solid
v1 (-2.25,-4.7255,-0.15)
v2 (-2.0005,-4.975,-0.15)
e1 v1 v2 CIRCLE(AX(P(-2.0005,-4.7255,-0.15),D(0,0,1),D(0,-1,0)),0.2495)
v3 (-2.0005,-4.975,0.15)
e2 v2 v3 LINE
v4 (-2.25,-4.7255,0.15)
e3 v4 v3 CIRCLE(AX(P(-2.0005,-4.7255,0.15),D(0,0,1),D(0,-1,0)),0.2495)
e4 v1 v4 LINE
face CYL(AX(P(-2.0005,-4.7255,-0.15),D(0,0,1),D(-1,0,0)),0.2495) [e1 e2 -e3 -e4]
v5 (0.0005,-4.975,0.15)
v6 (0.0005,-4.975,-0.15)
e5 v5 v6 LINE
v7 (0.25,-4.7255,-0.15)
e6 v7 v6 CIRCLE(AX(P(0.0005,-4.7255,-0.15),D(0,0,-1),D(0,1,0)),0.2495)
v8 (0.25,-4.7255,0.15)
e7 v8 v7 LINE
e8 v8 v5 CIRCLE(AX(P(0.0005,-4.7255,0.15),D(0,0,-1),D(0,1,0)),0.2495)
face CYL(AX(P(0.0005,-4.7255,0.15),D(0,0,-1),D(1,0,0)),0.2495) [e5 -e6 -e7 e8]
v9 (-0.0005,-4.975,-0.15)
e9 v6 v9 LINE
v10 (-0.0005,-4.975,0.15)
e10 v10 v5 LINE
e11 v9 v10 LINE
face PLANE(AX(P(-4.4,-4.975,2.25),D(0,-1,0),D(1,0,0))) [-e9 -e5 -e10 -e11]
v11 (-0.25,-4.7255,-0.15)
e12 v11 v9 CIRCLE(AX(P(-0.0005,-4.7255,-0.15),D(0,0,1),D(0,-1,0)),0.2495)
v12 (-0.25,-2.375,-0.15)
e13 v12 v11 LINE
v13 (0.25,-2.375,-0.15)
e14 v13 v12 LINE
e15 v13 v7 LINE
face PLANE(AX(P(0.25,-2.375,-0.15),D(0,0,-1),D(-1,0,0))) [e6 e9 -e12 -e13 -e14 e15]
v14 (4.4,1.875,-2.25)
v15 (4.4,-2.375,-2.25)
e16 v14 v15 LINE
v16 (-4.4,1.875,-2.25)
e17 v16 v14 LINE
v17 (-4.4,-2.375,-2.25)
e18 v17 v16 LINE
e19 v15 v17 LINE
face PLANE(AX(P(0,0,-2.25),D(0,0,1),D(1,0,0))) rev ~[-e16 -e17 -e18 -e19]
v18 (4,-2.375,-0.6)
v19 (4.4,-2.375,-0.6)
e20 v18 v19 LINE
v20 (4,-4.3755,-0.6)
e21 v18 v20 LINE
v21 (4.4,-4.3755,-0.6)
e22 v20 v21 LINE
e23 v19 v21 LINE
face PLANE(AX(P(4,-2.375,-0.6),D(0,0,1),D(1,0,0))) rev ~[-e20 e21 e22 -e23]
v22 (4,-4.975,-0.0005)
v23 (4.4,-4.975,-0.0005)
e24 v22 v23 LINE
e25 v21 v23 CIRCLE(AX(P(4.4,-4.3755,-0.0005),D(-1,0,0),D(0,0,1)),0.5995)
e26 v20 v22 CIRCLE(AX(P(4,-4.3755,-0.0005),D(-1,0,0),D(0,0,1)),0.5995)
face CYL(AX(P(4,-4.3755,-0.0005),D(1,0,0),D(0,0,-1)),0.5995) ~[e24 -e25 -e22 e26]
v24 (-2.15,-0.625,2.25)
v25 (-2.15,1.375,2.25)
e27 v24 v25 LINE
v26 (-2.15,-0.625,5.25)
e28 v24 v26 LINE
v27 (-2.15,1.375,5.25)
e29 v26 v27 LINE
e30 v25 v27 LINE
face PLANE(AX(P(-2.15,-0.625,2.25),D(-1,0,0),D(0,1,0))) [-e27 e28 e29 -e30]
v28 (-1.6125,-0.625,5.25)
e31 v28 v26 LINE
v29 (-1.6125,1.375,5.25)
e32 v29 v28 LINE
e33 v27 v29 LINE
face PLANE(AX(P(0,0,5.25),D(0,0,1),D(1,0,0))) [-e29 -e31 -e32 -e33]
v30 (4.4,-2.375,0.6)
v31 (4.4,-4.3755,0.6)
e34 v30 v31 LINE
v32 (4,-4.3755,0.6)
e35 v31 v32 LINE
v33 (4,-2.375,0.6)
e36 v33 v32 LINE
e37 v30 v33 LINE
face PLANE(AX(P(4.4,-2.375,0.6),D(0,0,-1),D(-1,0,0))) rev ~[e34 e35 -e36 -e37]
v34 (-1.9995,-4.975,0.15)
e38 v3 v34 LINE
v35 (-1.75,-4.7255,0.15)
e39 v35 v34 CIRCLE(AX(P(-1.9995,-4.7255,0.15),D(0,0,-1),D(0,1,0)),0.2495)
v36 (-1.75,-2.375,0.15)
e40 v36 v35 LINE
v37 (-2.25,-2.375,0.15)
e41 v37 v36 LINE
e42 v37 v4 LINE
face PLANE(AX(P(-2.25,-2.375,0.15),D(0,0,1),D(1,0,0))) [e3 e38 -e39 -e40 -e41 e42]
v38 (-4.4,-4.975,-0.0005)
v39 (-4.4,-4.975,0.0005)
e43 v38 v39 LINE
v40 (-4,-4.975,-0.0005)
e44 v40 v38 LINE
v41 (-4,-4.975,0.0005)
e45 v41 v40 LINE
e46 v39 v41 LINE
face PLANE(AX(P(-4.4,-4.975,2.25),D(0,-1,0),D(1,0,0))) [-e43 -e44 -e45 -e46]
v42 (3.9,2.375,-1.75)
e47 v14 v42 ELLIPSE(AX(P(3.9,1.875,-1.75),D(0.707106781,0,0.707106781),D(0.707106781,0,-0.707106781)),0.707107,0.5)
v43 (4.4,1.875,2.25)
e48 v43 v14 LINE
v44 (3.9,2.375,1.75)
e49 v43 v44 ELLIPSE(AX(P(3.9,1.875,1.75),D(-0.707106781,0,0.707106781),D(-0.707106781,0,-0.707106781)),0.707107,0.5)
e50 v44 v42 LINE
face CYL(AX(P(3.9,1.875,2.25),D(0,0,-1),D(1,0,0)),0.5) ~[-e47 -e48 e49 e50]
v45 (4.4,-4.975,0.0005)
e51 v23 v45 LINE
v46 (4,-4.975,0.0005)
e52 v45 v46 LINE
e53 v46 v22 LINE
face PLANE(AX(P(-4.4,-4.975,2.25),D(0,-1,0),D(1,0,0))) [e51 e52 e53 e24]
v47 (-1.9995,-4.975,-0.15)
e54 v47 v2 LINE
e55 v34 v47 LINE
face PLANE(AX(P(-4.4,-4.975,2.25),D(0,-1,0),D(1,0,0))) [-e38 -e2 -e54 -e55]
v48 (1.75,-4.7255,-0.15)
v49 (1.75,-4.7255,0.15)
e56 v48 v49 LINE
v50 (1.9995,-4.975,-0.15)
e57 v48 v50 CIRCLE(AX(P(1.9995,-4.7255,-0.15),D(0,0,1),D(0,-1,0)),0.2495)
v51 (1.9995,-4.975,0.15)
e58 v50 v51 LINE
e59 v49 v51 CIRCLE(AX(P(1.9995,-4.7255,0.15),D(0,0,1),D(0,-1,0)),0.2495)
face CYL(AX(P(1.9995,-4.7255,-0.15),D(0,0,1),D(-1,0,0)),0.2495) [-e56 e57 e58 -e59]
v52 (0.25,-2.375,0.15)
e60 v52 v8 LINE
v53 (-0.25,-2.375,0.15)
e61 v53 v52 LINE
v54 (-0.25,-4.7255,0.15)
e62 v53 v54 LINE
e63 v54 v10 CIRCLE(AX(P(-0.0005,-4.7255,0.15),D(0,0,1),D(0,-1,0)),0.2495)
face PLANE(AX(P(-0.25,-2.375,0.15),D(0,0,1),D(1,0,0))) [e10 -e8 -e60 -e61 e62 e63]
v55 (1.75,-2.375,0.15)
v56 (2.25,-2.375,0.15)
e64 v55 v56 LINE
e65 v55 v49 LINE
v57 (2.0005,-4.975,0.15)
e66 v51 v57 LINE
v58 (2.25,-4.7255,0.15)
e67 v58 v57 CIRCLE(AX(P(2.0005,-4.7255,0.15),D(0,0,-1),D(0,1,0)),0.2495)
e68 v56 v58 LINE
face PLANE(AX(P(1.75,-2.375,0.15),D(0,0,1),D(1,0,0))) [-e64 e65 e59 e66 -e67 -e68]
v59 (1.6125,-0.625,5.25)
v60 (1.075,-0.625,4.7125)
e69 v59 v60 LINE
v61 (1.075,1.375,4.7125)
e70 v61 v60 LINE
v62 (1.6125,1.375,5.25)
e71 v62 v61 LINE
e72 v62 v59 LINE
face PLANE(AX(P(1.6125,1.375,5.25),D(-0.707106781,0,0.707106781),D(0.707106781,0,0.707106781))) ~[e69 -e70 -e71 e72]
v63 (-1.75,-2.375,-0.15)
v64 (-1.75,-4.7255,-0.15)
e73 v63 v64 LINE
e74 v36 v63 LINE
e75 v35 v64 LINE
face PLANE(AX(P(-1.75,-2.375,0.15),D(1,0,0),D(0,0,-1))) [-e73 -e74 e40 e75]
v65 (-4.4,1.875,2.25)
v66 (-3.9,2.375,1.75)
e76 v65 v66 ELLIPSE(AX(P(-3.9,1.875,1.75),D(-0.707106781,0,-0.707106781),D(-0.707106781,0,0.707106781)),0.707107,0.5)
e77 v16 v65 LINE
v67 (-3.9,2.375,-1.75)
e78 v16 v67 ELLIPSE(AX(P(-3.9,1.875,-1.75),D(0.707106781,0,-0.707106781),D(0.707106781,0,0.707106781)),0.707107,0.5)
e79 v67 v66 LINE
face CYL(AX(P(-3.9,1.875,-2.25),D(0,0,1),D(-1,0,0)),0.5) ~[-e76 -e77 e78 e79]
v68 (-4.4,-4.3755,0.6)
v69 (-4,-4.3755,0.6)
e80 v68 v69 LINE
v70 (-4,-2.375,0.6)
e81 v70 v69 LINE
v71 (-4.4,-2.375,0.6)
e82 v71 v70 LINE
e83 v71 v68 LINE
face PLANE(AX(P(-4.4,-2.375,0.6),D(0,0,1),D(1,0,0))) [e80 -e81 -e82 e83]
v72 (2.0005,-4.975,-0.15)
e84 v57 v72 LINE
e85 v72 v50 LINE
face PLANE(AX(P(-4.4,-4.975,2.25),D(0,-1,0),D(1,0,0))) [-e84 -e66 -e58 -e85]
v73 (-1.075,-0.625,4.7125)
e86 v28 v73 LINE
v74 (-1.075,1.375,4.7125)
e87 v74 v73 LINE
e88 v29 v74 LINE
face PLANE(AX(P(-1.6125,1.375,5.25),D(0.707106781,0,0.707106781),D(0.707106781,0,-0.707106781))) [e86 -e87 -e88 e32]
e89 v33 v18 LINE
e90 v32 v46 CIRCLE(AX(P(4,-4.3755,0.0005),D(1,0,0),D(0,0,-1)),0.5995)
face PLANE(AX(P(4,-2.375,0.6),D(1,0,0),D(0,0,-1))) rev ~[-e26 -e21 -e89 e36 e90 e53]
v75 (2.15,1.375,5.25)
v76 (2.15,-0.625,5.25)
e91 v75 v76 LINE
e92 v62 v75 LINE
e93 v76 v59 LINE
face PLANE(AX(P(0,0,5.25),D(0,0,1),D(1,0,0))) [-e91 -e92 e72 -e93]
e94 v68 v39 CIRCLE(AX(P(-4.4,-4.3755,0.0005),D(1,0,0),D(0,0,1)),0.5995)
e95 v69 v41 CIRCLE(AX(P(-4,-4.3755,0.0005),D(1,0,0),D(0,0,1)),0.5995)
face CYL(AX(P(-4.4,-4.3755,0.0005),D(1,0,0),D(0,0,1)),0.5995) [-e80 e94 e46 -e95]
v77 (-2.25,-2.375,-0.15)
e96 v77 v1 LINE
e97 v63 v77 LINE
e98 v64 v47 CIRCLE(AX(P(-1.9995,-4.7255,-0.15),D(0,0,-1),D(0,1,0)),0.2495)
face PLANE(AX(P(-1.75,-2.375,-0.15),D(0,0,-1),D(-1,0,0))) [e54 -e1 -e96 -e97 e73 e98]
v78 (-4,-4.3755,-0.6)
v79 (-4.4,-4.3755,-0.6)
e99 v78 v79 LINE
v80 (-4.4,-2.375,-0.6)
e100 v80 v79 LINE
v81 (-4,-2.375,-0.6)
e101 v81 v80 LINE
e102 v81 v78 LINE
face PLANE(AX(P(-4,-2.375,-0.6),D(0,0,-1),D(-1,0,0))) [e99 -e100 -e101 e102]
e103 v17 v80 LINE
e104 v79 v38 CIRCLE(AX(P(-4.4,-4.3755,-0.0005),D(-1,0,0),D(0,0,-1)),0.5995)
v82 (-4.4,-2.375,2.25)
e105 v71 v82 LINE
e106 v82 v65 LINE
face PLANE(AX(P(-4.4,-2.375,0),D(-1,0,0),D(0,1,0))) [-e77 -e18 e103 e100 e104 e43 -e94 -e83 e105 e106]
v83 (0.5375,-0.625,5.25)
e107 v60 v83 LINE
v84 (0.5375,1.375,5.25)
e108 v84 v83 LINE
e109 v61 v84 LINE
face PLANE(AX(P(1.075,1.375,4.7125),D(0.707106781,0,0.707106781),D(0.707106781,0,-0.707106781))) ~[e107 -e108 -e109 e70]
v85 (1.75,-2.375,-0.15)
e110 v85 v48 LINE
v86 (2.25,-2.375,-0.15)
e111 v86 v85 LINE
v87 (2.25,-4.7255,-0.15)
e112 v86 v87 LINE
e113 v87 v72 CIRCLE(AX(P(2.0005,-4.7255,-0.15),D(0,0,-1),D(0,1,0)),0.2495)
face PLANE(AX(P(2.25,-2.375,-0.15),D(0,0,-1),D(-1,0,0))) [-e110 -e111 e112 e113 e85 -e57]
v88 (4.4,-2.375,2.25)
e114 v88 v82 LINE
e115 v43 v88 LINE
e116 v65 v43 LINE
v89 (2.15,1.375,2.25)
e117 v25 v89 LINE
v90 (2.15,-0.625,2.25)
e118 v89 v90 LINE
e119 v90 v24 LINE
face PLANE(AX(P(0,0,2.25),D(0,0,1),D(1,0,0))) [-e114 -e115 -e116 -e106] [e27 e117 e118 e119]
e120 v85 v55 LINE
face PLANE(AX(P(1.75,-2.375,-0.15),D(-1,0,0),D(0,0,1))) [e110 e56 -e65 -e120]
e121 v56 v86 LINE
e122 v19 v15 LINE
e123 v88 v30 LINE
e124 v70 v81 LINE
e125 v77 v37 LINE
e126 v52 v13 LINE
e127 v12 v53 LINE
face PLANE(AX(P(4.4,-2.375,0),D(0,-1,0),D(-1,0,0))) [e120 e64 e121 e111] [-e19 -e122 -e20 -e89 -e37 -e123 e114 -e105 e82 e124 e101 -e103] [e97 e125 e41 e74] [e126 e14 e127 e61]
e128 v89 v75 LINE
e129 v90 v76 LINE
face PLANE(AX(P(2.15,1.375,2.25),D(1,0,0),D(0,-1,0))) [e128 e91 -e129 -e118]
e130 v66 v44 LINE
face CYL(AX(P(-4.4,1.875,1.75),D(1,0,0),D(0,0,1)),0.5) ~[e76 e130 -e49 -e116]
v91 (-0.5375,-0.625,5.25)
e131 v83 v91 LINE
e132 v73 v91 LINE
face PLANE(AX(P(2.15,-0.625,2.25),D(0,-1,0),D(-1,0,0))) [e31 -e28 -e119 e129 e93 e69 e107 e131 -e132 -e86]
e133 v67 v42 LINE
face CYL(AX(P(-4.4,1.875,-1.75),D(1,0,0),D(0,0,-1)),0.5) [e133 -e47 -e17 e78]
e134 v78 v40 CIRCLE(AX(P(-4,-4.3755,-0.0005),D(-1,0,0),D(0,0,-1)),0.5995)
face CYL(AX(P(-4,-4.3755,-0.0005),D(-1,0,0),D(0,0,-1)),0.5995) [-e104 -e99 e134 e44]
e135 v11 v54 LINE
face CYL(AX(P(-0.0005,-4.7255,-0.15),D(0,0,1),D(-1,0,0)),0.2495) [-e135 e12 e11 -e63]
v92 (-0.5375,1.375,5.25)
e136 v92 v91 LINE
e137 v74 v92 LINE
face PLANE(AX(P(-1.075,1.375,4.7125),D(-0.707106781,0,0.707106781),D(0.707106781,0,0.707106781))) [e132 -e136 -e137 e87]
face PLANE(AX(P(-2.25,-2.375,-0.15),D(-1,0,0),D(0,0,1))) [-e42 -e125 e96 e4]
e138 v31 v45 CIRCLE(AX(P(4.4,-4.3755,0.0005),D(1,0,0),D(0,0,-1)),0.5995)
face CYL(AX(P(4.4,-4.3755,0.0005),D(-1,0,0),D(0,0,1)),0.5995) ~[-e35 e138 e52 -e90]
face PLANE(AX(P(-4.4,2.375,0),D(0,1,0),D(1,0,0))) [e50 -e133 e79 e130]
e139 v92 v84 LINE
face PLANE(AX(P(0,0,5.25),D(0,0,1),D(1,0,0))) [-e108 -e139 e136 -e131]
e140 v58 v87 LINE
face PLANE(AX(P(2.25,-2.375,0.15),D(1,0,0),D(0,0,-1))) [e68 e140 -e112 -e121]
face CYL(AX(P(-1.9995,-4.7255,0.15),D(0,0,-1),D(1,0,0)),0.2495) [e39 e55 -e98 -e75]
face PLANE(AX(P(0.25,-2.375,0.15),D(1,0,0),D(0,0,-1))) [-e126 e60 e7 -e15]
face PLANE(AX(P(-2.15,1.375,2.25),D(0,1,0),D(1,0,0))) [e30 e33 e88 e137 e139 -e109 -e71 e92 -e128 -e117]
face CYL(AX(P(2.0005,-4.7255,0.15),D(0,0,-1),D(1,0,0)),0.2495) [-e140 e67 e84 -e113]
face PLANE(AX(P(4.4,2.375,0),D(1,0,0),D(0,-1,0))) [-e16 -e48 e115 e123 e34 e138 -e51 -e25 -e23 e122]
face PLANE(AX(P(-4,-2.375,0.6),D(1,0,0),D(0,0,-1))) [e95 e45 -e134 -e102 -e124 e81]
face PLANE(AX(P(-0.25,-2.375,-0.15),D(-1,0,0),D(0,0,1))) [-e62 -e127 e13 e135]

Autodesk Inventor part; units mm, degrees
ref_plane "YZ Plane" through (0, 0, 0) normal (1, 0, 0) x (0, 1, 0)
ref_plane "XY Plane" through (0, 0, 0) normal (0, 0, 1) x (1, 0, 0)
sketch "Sketch1" plane through (0, 0, 0) normal (0, 0, 1) x (1, 0, 0)
  line L0 (-4.4, 2.375) -> (4.4, 2.375)
  line L1 (4.4, 2.375) -> (4.4, -2.375)
  line L2 (4.4, -2.375) -> (-4.4, -2.375)
  line L3 (-4.4, -2.375) -> (-4.4, 2.375)
  line L4 (-6.16, 0) -> (6.16, 0) construction
  line L5 (0, -3.325) -> (0, 3.325) construction
  point P0 (0, 0)
  dimension "d0" = 8.8
  dimension "d1" = 4.75
extrude "Extrusion1" add sketch "Sketch1" along normal mid plane 4.5
sketch "Sketch2" plane through (0, 0, 2.25) normal (0, 0, 1) x (1, 0, 0)
  line L0 (-2.15, 1.375) -> (2.15, 1.375)
  line L1 (2.15, 1.375) -> (2.15, -0.625)
  line L2 (2.15, -0.625) -> (-2.15, -0.625)
  line L3 (-2.15, -0.625) -> (-2.15, 1.375)
  line L4 (0, -3.325) -> (0, 3.325) construction
  line L5 (-6.16, 0) -> (6.16, 0) construction
  line L6 (4.4, 2.375) -> (-4.4, 2.375) projected
  point P0 (0, 0)
  dimension "d4" = 4.3
  dimension "d5" = 2
  dimension "d30" = 1
extrude "Extrusion2" add sketch "Sketch2" along normal blind 3
ref_plane "Work Plane1" through (0, -0.625, 2.25) normal (1, 0, 0) x (0, 0, -1)
split_face "Split1"
sketch "Sketch6" plane through (-2.15, 1.375, 2.25) normal (0, 1, 0) x (1, 0, 0)
  line L0 (2.15, -3) -> (0, -3) projected
  line L1 (0.5375, -3) -> (1.075, -2.4625)
  line L2 (1.075, -2.4625) -> (1.6125, -3)
  line L3 (0, -3) -> (2.15, -3) projected
  point P0 (2.15, 2.25)
  point P1 (1.075, -3)
  point P2 (1.075, -3)
  dimension "d24" = 2.15
  dimension "d25" = 0.5375
  dimension "d26" = 45
extrude "Extrusion4" cut sketch "Sketch6" against normal up to surface (2 mm away)
mirror "Mirror1" about plane through (0, -0.625, 2.25) normal (1, 0, 0) of "Extrusion4"
sketch "Sketch3" plane through (-4.4, -2.375, 2.25) normal (0, -1, 0) x (1, 0, 0)
  line L0 (0, -4.5) -> (0, 0) construction
  line L1 (0, -1.65) -> (0.4, -1.65)
  line L2 (0.4, -1.65) -> (0.4, -2.85)
  line L3 (0.4, -2.85) -> (0, -2.85)
  line L4 (0, -2.85) -> (0, -1.65)
  line L5 (8.8, -4.5) -> (8.8, 0) construction
  line L6 (8.8, -1.65) -> (8.4, -1.65)
  line L7 (8.4, -1.65) -> (8.4, -2.85)
  line L8 (8.4, -2.85) -> (8.8, -2.85)
  line L9 (8.8, -2.85) -> (8.8, -1.65)
  line L10 (4.15, -2.1) -> (4.65, -2.1)
  line L11 (4.65, -2.1) -> (4.65, -2.4)
  line L12 (4.65, -2.4) -> (4.15, -2.4)
  line L13 (4.15, -2.4) -> (4.15, -2.1)
  line L14 (2.15, -2.1) -> (2.65, -2.1)
  line L15 (2.65, -2.1) -> (2.65, -2.4)
  line L16 (2.65, -2.4) -> (2.15, -2.4)
  line L17 (2.15, -2.4) -> (2.15, -2.1)
  line L18 (6.15, -2.1) -> (6.65, -2.1)
  line L19 (6.65, -2.1) -> (6.65, -2.4)
  line L20 (6.65, -2.4) -> (6.15, -2.4)
  line L21 (6.15, -2.4) -> (6.15, -2.1)
  line L22 (-1.76, -2.25) -> (10.56, -2.25) construction
  line L23 (4.4, -6) -> (4.4, 4.5) construction
  point P0 (4.4, -2.25)
  dimension "d8" = 0.4
  dimension "d9" = 1.2
  dimension "d10" = 0.4
  dimension "d11" = 0.5
  dimension "d12" = 0.3
  dimension "d13" = 0.5
  dimension "d14" = 0.3
  dimension "d15" = 0.5
  dimension "d16" = 0.3
  dimension "d17" = 1.5
extrude "Extrusion3" add sketch "Sketch3" along normal blind 2.6
fillet "Fillet1" radius 0.6 4 edges at (4.2, -4.975, 0.6) (4.2, -4.975, -0.6) (-4.2, -4.975, -0.6) (-4.2, -4.975, 0.6)
fillet "Fillet2" radius 0.25 6 edges at (2.25, -4.975, 0) (1.75, -4.975, 0) (0.25, -4.975, 0) (-0.25, -4.975, 0) (-1.75, -4.975, 0) (-2.25, -4.975, 0)
fillet "Fillet3" radius 0.5 4 edges at (4.4, 2.375, 0) (-4.4, 2.375, 0) (0, 2.375, 2.25) (0, 2.375, -2.25)
equation "\"d25\" = 0.25 * d24"
properties part number "Power_switch"
